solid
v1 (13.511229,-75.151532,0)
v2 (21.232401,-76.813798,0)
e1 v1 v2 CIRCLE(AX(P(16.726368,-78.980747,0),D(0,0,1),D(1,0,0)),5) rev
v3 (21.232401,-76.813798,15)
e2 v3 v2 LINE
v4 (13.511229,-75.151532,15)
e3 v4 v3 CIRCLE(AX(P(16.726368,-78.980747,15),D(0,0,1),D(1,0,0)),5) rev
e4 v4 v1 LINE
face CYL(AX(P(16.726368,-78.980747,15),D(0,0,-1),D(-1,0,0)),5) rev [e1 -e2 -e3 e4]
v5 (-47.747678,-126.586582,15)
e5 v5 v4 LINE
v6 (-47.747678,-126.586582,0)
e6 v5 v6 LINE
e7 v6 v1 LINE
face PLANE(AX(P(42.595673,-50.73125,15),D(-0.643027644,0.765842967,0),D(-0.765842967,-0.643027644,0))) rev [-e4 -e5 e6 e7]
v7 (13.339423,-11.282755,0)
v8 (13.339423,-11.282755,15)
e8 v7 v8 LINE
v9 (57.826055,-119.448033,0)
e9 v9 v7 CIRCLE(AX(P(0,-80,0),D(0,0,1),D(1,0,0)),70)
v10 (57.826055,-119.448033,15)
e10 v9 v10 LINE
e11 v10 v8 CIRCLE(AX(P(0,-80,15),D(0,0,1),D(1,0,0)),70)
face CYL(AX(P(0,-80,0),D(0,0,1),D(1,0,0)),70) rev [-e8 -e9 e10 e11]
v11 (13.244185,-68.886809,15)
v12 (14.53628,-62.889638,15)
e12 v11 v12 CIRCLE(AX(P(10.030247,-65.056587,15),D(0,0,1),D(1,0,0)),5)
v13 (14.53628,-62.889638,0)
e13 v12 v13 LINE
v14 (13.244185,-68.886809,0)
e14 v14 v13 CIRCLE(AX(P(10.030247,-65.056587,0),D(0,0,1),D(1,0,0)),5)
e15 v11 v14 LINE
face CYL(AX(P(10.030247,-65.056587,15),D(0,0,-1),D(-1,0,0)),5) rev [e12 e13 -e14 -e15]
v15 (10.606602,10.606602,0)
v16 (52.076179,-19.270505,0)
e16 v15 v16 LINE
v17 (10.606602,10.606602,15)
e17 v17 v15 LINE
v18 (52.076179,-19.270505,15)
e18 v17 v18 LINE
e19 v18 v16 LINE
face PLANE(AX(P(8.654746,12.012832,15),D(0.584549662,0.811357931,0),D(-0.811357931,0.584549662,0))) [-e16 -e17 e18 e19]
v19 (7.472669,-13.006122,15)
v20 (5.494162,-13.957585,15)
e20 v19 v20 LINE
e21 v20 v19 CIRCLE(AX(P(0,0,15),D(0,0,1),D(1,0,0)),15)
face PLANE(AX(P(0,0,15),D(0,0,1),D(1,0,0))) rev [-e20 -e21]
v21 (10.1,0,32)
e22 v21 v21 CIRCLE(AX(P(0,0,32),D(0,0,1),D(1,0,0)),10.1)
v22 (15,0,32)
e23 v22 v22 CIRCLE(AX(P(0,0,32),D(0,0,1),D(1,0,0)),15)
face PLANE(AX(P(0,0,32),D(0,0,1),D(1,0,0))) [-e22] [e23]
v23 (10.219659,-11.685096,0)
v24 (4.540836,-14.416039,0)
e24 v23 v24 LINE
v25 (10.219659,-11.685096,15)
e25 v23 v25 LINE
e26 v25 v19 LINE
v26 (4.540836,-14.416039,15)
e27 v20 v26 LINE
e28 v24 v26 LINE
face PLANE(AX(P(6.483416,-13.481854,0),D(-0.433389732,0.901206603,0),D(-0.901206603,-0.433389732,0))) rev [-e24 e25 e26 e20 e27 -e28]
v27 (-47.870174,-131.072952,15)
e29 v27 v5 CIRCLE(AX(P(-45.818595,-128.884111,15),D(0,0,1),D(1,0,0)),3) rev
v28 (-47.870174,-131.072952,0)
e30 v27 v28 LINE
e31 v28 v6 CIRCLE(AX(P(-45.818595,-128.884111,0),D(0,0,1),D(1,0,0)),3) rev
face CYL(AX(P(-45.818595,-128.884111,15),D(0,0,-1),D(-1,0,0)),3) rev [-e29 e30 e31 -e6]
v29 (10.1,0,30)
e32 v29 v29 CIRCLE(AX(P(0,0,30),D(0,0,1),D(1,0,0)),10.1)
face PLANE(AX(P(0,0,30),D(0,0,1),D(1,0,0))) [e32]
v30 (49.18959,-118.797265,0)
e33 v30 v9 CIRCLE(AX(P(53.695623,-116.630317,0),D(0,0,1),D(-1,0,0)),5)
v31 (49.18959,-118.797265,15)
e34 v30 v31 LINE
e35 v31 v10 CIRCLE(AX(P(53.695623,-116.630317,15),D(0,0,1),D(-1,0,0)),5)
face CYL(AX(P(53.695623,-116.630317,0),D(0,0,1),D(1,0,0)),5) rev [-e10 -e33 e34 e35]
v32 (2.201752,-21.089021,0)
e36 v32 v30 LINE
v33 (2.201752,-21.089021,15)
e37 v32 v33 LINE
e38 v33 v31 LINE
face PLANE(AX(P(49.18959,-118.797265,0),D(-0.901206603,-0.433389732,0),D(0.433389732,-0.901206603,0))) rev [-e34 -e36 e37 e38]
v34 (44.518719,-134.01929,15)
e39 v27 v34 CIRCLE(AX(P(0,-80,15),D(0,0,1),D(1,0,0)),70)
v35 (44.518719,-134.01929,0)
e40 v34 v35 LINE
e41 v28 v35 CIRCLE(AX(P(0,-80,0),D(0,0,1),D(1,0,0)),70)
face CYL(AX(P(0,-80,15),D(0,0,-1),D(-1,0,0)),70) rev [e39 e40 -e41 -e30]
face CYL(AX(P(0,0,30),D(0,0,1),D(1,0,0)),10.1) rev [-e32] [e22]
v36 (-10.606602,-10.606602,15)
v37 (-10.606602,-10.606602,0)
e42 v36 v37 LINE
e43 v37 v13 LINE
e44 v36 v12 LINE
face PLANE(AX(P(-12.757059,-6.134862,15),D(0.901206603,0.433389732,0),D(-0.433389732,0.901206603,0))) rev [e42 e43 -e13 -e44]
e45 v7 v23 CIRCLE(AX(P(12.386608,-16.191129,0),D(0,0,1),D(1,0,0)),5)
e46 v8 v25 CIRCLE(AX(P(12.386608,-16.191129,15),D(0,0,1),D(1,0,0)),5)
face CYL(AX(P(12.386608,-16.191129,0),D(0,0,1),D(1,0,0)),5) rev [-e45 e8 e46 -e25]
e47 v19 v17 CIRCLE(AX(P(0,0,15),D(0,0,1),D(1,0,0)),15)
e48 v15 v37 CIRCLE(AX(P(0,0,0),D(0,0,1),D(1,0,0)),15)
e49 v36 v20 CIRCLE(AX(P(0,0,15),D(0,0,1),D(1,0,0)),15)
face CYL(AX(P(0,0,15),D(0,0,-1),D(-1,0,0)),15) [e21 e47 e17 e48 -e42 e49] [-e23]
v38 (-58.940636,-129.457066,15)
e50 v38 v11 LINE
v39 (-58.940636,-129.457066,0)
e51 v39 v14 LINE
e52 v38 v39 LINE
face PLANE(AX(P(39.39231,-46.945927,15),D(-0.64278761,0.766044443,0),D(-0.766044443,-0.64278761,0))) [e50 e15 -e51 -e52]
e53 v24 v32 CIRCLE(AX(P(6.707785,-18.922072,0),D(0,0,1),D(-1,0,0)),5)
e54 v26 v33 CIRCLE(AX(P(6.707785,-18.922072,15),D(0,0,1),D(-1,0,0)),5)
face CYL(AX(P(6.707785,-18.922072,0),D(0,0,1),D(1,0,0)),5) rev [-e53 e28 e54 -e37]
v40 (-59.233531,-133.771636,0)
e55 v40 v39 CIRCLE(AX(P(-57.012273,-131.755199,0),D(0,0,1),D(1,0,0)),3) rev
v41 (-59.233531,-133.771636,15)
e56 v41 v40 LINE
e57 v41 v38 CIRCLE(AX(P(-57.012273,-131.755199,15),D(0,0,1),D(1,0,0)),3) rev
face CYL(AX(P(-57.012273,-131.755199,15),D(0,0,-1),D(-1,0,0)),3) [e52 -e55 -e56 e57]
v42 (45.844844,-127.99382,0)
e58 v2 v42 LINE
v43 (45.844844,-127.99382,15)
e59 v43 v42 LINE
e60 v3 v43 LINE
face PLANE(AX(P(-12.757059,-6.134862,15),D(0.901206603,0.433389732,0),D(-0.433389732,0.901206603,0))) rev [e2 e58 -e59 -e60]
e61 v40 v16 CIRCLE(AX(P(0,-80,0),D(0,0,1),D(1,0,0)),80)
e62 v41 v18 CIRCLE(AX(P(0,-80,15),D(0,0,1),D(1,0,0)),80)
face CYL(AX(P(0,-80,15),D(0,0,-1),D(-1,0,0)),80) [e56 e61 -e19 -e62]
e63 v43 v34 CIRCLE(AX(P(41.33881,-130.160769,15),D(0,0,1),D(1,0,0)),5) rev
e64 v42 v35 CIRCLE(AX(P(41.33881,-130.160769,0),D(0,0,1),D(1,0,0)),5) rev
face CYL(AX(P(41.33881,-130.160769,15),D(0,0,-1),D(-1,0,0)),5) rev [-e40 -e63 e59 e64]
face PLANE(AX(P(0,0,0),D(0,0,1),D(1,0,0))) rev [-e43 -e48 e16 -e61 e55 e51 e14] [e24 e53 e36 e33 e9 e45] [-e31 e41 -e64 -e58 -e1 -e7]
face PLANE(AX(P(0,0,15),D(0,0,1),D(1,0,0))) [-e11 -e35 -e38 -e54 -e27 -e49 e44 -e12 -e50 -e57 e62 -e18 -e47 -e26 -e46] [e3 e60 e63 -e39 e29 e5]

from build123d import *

# Parameters (mm, degrees)
EXTRUDE_1_DEPTH     = 15
CUT_EXTRUDE_START   = -15
CUT_EXTRUDE_1_DEPTH = 15
SKETCH_9_R          = 15
EXTRUDE_2_DEPTH     = 17
SKETCH_10_R         = 10.1
CUT_EXTRUDE_4_DEPTH = 2


with BuildPart() as part:
    # ｽｹｯﾁ4 → ﾎﾞｽ - 押し出し1 (new body)
    with BuildSketch(Plane.XY):
        with BuildLine():
            Line((-53.623111018, -124.995132678), (-58.940636287, -129.45706617))
            ThreePointArc((-58.940636287, -129.45706617), (-60.005384698, -131.552012131), (-59.233530865, -133.771635843))
            ThreePointArc((-59.233530865, -133.771635843), (57.362306223, -135.763481103), (52.076178918, -19.270504783))
            Line((52.076178918, -19.270504783), (10.606601718, 10.606601718))
            ThreePointArc((10.606601718, 10.606601718), (-10.606601718, 10.606601718), (-10.606601718, -10.606601718))
            Line((-10.606601718, -10.606601718), (14.536280154, -62.889638219))
            ThreePointArc((14.536280154, -62.889638219), (14.918089499, -66.109676181), (13.244185189, -68.886809092))
            Line((13.244185189, -68.886809092), (-53.623111018, -124.995132678))
        make_face()
        with BuildLine():
            Line((21.232400696, -76.813798404), (45.844843506, -127.993820346))
            ThreePointArc((45.844843506, -127.993820346), (46.221944165, -131.235480845), (44.518718993, -134.019289696))
            ThreePointArc((44.518718993, -134.019289696), (-2.231208213, -149.964431749), (-47.870174388, -131.072951785))
            ThreePointArc((-47.870174388, -131.072951785), (-48.817477846, -128.802229421), (-47.747678417, -126.586582094))
            Line((-47.747678417, -126.586582094), (13.511229465, -75.151532228))
            ThreePointArc((13.511229465, -75.151532228), (17.77869109, -74.092739753), (21.232400696, -76.813798404))
        make_face(mode=Mode.SUBTRACT)
    extrude(amount=EXTRUDE_1_DEPTH)

    # ｽｹｯﾁ6 → ｶｯﾄ - 押し出し1 (cut)
    with BuildSketch(Plane.XY.offset(15).offset(CUT_EXTRUDE_START)):
        with BuildLine():
            Line((49.189589797, -118.797265215), (2.201751786, -21.089020696))
            ThreePointArc((2.201751786, -21.089020696), (1.989274209, -17.268089629), (4.540836142, -14.416039025))
            Line((4.540836142, -14.416039025), (6.483415605, -13.48185369))
            Line((6.483415605, -13.48185369), (10.219658847, -11.685096486))
            ThreePointArc((10.219658847, -11.685096486), (11.747077013, -11.232198087), (13.339423466, -11.282754846))
            ThreePointArc((13.339423466, -11.282754846), (64.738421392, -53.37413296), (57.826055334, -119.448033215))
            ThreePointArc((57.826055334, -119.448033215), (53.319931874, -121.616182211), (49.189589797, -118.797265215))
        make_face()
    extrude(amount=CUT_EXTRUDE_1_DEPTH, mode=Mode.SUBTRACT)

    # ｽｹｯﾁ9 → ﾎﾞｽ - 押し出し2 (add)
    with BuildSketch(Plane.XY.offset(15)):
        with Locations(Location((0, 0, 0), (0, 0, 225))):
            Circle(SKETCH_9_R)
    extrude(amount=EXTRUDE_2_DEPTH)

    # ｽｹｯﾁ10 → ｶｯﾄ - 押し出し4 (cut)
    with BuildSketch(Plane.XY.offset(32)):
        Circle(SKETCH_10_R)
    extrude(amount=-CUT_EXTRUDE_4_DEPTH, mode=Mode.SUBTRACT)


solid = part.part
